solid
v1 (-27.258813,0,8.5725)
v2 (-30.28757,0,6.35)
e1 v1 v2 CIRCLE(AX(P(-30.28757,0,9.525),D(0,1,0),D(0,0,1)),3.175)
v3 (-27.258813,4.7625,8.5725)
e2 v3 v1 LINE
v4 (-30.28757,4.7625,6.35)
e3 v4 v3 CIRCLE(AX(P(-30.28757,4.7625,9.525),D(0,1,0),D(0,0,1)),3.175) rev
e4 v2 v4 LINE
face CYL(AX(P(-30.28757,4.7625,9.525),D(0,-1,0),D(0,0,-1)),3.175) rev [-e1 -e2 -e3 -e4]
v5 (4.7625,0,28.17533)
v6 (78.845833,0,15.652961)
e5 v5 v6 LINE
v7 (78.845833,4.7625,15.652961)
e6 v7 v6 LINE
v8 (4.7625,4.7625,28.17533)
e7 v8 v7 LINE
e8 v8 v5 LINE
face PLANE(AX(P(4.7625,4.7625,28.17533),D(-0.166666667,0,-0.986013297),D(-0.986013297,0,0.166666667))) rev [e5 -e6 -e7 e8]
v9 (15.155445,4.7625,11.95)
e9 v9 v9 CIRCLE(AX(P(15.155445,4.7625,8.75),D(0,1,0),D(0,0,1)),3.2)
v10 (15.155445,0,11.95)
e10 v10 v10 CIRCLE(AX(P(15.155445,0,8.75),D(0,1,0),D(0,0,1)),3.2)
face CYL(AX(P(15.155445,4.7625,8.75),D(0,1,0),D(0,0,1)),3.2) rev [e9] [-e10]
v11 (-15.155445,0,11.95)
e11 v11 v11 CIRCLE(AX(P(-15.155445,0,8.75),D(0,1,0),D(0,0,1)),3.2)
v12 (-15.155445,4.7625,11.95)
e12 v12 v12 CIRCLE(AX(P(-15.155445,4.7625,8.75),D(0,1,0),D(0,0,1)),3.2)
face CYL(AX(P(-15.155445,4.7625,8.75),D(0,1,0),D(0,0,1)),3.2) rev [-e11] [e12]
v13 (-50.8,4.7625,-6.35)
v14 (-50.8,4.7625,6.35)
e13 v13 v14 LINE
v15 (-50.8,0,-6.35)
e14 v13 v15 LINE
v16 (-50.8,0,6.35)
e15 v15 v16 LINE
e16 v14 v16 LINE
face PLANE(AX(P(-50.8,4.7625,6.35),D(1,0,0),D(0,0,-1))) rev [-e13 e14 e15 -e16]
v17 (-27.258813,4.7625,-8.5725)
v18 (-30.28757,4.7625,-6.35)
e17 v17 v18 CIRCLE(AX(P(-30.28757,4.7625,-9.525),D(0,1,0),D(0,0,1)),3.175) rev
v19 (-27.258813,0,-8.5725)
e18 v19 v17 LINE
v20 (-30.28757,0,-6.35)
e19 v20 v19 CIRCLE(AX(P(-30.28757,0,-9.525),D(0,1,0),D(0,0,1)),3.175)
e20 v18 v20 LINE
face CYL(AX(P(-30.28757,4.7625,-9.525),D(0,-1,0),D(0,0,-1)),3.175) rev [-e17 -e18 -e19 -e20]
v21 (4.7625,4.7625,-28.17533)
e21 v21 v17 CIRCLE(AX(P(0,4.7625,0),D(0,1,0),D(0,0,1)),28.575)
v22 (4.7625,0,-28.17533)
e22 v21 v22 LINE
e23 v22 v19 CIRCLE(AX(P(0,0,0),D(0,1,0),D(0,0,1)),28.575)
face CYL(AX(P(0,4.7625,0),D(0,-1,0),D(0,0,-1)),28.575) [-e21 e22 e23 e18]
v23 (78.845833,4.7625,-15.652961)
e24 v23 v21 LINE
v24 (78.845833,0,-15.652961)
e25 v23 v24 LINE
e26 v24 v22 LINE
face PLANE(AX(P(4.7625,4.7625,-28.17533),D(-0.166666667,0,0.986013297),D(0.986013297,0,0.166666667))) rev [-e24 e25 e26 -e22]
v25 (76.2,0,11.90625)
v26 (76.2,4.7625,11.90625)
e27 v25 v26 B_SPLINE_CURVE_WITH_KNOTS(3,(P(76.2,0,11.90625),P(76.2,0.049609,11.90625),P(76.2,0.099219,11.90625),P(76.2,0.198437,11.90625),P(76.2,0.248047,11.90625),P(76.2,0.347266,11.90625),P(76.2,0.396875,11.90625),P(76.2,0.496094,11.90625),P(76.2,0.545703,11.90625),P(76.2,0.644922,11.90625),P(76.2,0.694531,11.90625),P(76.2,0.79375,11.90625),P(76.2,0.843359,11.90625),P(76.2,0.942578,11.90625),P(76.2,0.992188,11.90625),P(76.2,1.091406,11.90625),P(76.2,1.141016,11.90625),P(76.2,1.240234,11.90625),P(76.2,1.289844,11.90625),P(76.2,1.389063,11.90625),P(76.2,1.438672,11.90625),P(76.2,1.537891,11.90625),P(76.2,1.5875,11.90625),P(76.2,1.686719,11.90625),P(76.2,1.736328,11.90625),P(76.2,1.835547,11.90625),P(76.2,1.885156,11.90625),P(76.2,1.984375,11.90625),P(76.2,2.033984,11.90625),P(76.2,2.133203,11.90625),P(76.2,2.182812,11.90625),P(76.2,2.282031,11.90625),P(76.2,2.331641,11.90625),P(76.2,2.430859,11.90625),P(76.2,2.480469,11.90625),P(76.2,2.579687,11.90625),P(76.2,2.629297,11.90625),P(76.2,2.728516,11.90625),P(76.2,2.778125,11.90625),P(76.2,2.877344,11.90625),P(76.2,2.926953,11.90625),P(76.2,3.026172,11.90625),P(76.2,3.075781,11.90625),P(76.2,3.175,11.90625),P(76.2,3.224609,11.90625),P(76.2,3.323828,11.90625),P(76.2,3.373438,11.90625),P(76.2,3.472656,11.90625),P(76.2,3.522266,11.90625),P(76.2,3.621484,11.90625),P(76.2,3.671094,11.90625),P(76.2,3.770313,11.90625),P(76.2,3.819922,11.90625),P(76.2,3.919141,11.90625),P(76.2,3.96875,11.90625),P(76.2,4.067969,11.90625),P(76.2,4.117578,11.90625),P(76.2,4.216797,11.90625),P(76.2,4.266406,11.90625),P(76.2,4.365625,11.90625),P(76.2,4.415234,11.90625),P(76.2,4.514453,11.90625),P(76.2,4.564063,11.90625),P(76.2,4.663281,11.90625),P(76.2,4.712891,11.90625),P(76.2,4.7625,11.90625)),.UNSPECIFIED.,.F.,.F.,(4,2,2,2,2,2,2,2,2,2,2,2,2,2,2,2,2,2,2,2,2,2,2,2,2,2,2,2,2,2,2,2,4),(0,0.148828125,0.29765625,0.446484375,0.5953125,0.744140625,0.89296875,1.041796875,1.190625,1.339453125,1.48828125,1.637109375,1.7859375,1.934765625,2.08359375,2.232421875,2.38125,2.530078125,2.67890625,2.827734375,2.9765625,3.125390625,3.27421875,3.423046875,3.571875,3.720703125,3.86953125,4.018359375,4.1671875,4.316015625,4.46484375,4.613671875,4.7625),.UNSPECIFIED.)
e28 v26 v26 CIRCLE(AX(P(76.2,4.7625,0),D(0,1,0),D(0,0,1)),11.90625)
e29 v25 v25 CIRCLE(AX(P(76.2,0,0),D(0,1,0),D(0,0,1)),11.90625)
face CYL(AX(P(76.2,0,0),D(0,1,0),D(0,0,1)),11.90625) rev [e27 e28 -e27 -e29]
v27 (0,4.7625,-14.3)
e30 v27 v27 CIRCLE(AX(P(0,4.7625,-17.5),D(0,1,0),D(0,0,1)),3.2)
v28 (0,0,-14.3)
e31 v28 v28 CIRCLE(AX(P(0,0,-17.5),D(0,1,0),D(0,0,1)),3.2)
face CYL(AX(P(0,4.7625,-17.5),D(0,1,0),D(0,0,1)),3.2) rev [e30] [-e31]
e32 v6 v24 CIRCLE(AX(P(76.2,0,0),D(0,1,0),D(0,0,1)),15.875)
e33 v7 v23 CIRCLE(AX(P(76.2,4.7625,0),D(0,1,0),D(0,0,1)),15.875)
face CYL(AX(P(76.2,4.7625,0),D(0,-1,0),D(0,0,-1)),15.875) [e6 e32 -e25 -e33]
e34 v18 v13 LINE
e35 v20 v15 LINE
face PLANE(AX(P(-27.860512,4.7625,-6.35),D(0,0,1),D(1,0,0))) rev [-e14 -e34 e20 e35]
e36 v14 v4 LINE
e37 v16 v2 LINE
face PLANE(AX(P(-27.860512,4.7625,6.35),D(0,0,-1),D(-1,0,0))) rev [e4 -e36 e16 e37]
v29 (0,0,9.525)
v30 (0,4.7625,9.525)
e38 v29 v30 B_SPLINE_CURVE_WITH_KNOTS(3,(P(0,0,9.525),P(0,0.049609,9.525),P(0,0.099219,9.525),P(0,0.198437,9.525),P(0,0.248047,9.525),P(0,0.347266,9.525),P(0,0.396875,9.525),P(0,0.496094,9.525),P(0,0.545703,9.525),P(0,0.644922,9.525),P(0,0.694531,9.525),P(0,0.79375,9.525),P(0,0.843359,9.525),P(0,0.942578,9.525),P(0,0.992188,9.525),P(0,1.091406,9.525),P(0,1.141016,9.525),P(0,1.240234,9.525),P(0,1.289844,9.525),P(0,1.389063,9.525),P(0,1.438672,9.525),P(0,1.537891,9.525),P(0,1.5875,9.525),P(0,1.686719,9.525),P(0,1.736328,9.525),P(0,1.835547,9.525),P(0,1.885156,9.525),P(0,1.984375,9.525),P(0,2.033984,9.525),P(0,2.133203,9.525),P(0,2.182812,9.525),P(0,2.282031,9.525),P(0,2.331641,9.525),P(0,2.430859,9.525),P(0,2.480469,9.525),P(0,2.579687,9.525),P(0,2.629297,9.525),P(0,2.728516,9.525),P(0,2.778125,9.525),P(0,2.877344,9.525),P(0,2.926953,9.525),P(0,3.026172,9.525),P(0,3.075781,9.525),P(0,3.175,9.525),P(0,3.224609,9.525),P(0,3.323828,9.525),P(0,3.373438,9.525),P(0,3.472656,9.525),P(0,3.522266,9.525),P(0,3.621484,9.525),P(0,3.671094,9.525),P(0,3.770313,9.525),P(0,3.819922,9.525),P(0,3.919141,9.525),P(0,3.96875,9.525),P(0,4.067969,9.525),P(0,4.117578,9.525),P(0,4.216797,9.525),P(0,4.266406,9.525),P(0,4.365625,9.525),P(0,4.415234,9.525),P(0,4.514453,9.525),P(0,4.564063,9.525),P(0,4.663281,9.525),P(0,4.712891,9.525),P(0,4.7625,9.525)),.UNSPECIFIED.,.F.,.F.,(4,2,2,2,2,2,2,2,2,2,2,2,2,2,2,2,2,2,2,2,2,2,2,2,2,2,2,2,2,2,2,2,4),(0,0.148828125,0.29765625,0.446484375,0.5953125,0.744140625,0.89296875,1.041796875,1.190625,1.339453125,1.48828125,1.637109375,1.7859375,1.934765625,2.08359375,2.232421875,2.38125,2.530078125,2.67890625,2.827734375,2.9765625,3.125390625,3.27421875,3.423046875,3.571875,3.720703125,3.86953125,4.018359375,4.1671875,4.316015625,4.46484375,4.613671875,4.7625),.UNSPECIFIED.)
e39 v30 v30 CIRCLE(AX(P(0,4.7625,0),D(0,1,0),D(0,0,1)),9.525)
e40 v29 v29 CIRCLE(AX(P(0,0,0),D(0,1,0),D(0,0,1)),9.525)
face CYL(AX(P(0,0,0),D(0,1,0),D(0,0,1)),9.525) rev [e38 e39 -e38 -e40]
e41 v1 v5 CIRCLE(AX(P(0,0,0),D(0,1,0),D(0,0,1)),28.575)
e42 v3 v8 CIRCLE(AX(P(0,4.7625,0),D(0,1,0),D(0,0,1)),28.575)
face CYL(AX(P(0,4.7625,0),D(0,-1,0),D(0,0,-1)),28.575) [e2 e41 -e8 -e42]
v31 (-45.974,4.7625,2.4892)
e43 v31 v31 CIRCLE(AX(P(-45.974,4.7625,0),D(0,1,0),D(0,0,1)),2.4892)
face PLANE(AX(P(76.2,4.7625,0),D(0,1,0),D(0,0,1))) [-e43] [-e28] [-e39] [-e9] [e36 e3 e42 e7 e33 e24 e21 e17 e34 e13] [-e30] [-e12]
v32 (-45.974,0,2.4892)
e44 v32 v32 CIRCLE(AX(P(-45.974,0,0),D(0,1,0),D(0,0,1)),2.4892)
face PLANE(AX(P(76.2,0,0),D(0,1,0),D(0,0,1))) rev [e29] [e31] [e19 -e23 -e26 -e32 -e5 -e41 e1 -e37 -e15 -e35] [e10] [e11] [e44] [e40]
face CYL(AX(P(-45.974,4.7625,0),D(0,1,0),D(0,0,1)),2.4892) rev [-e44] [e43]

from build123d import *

# Parameters (mm, degrees)
BOSS_EXTRUDE1_DEPTH        = 4.7625
SKETCH2_R                  = 11.90625
CUT_EXTRUDE1_DEPTH         = 97.524699721
M6_CLEARANCE_HOLE1_D       = 6.4
SKETCH5_R                  = 9.525
CUT_EXTRUDE2_DEPTH         = 97.524699721
FILLET1_R                  = 3.175
F_10_CLEARANCE_HOLE1_D     = 4.9784
F_10_CLEARANCE_HOLE1_DEPTH = 9.525
F_10_CLEARANCE_HOLE1_TIP   = 1.495662253


with BuildPart() as part:
    # Sketch1 → Boss-Extrude1 (new body)
    with BuildSketch(Plane(origin=(0, 0, 0), x_dir=(1, 0, 0), z_dir=(0, 1, 0))):
        with BuildLine():
            Line((4.7625, 28.175329967), (78.845833333, 15.652961093))
            ThreePointArc((78.845833333, 15.652961093), (92.075, 0), (78.845833333, -15.652961093))
            Line((78.845833333, -15.652961093), (4.7625, -28.175329967))
            ThreePointArc((4.7625, -28.175329967), (-15.889172282, -23.750049035), (-27.86051193, -6.35))
            Line((-27.86051193, -6.35), (-50.8, -6.35))
            Line((-50.8, -6.35), (-50.8, 6.35))
            Line((-50.8, 6.35), (-27.86051193, 6.35))
            ThreePointArc((-27.86051193, 6.35), (-15.889172282, 23.750049035), (4.7625, 28.175329967))
        make_face()
    extrude(amount=BOSS_EXTRUDE1_DEPTH)

    # Sketch2 → Cut-Extrude1 (cut, through all)
    with BuildSketch(Plane(origin=(0, 4.7625, 0), x_dir=(1, 0, 0), z_dir=(0, 1, 0))):
        with Locations(Location((76.2, 0, 0), (0, 0, 270))):
            Circle(SKETCH2_R)
    extrude(amount=-CUT_EXTRUDE1_DEPTH, mode=Mode.SUBTRACT)

    # M6 Clearance Hole1 (through all)
    with Locations(Plane(origin=(0, 4.7625, -17.5), x_dir=(0, 0, 1), z_dir=(0, 1, 0))):
        with Locations((0, 0), (26.25, -15.155444566), (26.25, 15.155444566)):
            Hole(M6_CLEARANCE_HOLE1_D / 2)

    # Sketch5 → Cut-Extrude2 (cut, through all)
    with BuildSketch(Plane(origin=(0, 4.7625, 0), x_dir=(1, 0, 0), z_dir=(0, 1, 0))):
        with Locations(Location((0, 0, 0), (0, 0, 270))):
            Circle(SKETCH5_R)
    extrude(amount=-CUT_EXTRUDE2_DEPTH, mode=Mode.SUBTRACT)

    # Fillet1
    fillet1_edges = [part.edges().sort_by_distance(p)[0] for p in [
        (-27.86051193, 2.38125, 6.35),
        (-27.86051193, 2.38125, -6.35),
    ]]
    fillet(fillet1_edges, radius=FILLET1_R)

    # #10 Clearance Hole1
    with Locations(Plane(origin=(-45.974, 4.7625, 0), x_dir=(0, 0, 1), z_dir=(0, 1, 0))):
        with Locations((0, 0)):
            Hole(F_10_CLEARANCE_HOLE1_D / 2, depth=F_10_CLEARANCE_HOLE1_DEPTH)
            with Locations((0, 0, -(F_10_CLEARANCE_HOLE1_DEPTH + F_10_CLEARANCE_HOLE1_TIP / 2))):  # 118° drill point
                Cone(0, F_10_CLEARANCE_HOLE1_D / 2, F_10_CLEARANCE_HOLE1_TIP, mode=Mode.SUBTRACT)


solid = part.part
